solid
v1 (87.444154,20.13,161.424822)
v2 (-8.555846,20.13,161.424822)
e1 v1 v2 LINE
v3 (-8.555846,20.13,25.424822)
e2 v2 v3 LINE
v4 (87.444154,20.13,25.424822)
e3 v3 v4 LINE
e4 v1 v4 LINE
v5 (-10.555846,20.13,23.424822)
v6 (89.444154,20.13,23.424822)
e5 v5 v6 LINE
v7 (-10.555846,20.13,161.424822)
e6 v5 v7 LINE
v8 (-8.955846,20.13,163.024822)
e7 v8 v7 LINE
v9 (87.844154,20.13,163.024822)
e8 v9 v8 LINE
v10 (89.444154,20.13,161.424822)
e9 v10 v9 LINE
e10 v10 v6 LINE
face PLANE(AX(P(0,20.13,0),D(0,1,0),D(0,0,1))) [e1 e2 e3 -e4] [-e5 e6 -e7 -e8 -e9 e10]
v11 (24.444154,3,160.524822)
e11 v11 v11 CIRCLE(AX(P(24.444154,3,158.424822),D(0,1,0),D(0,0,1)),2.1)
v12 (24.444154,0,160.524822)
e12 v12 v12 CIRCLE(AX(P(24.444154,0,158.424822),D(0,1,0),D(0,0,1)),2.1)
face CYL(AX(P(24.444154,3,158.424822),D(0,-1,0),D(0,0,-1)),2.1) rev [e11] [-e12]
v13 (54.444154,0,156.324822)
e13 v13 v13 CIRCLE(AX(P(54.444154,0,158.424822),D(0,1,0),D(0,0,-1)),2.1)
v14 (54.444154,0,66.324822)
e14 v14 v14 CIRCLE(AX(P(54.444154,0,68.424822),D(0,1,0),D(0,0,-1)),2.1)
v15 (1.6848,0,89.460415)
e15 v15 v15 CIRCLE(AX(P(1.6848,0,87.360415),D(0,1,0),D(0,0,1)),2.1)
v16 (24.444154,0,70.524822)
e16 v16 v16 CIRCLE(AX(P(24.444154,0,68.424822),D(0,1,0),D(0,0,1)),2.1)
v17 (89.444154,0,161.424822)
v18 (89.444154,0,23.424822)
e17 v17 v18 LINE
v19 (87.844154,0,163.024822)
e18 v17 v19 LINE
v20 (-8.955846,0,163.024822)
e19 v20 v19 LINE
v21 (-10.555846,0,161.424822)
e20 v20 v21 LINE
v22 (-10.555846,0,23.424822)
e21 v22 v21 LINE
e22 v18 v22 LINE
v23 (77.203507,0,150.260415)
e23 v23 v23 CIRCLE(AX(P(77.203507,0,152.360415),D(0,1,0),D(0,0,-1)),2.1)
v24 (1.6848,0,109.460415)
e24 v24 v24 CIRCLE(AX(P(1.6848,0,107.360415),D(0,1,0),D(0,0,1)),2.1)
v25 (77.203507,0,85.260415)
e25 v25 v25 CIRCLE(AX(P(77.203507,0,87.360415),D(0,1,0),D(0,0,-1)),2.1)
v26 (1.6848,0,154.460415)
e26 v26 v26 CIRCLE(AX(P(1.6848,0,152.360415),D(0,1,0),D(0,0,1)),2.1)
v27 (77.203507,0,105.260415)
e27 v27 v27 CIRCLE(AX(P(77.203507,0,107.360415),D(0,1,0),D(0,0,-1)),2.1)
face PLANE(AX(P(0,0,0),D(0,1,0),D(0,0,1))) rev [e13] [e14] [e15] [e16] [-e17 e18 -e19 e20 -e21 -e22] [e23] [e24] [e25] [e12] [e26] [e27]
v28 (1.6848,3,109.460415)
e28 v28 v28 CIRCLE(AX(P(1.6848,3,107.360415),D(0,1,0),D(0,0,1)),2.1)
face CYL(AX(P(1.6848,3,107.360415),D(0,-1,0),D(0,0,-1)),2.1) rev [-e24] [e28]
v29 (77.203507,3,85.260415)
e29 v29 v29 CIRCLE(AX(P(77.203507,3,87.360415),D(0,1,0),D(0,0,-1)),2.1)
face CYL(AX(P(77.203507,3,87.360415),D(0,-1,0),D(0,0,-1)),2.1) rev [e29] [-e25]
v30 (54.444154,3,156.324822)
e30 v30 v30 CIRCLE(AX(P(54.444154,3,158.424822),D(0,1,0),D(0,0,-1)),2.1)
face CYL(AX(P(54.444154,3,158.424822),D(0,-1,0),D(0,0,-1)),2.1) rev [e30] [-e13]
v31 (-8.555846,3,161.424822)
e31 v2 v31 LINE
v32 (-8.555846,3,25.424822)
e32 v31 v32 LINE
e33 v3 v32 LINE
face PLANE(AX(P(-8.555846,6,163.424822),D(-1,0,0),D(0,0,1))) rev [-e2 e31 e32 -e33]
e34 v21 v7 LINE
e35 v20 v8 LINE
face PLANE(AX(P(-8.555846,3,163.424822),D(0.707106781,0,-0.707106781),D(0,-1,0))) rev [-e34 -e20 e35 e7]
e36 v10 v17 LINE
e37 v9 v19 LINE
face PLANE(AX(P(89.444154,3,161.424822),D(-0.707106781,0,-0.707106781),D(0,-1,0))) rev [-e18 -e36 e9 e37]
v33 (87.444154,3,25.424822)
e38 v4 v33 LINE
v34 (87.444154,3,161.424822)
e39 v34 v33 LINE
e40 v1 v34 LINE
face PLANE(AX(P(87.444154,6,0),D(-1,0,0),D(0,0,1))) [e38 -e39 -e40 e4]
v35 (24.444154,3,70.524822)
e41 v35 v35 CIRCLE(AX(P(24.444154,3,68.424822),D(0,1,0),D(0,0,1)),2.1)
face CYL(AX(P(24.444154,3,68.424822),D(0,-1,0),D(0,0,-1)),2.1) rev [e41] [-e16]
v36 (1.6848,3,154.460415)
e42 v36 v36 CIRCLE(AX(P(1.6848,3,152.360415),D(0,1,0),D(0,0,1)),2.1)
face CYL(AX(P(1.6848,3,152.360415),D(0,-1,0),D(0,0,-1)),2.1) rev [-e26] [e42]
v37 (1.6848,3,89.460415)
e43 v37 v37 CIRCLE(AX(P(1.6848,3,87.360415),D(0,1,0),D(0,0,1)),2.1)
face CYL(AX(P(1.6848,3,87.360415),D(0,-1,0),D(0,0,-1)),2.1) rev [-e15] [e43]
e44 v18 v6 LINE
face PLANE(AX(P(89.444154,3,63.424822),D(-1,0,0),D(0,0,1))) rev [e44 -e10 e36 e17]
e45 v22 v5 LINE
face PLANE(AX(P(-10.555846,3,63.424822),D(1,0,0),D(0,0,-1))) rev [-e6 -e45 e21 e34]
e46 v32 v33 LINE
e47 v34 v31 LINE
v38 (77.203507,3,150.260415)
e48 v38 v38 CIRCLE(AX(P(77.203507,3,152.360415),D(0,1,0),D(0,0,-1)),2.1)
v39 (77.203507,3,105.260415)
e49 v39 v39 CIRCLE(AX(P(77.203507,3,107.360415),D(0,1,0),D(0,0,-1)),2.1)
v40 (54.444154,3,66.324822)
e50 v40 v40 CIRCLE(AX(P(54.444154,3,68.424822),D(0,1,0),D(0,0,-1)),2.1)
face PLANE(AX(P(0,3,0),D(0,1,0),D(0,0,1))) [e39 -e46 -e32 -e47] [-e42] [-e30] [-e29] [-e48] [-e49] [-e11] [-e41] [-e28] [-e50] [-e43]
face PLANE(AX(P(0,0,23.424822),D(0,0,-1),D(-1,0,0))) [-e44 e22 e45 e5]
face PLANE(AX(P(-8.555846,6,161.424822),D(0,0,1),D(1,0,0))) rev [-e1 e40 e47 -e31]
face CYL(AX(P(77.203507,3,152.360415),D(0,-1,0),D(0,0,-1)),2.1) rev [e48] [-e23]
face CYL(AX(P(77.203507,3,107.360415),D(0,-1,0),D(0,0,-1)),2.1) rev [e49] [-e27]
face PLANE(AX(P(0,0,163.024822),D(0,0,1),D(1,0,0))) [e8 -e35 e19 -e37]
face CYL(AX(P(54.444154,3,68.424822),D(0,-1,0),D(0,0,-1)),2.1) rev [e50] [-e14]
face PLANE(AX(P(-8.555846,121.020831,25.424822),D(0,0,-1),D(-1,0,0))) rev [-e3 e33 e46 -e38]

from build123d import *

# Parameters (mm, degrees)
SKETCH6_W            = 100
SKETCH6_H            = 100
SKETCH6_R            = 2.1
BOSS_EXTRUDE2_DEPTH  = 3
SKETCH7_W            = 96
SKETCH7_H            = 2
BOSS_EXTRUDE3_DEPTH  = 3
SKETCH8_W            = 96
SKETCH8_H            = 2
BOSS_EXTRUDE4_DEPTH  = 3
CHAMFER1_SIZE        = 2
BOSS_EXTRUDE5_DEPTH  = 3
SKETCH10_W           = 98
SKETCH10_H           = 25
BOSS_EXTRUDE6_DEPTH  = 2
SKETCH11_W           = 2
SKETCH11_H           = 25
BOSS_EXTRUDE7_DEPTH  = 40
SKETCH12_W           = 138
SKETCH12_H           = 25
BOSS_EXTRUDE8_DEPTH  = 2
CUT_EXTRUDE1_DEPTH   = 3
SKETCH15_W           = 96
SKETCH15_H           = 6.337470387
CUT_EXTRUDE2_DEPTH   = 3
SKETCH16_W           = 96
SKETCH16_H           = 3
BOSS_EXTRUDE9_DEPTH  = 40
SKETCH17_W           = 96
SKETCH17_H           = 2
BOSS_EXTRUDE10_DEPTH = 22
BOSS_EXTRUDE11_DEPTH = 19
SKETCH19_W           = 108.527729828
SKETCH19_H           = 34.099347136
CUT_EXTRUDE3_DEPTH   = 0.4
SKETCH20_W           = 119.4554648
SKETCH20_H           = 149.467416286
CUT_EXTRUDE4_DEPTH   = 4.87


with BuildPart() as part:
    # Sketch6 → Boss-Extrude2 (new body)
    with BuildSketch(Plane(origin=(0, 0, 0), x_dir=(1, 0, 0), z_dir=(0, 1, 0))):
        with Locations((39.444153985, -113.424821635)):
            Rectangle(SKETCH6_W, SKETCH6_H)
        with Locations((1.68480047, -87.360414745)):
            Circle(SKETCH6_R, mode=Mode.SUBTRACT)
        with Locations((1.68480047, -107.360414745)):
            Circle(SKETCH6_R, mode=Mode.SUBTRACT)
        with Locations((1.68480047, -152.360414745)):
            Circle(SKETCH6_R, mode=Mode.SUBTRACT)
        with Locations((24.444153985, -158.424821635)):
            Circle(SKETCH6_R, mode=Mode.SUBTRACT)
        with Locations((24.444153985, -68.424821635)):
            Circle(SKETCH6_R, mode=Mode.SUBTRACT)
        with Locations((54.444153985, -158.424821635)):
            Circle(SKETCH6_R, mode=Mode.SUBTRACT)
        with Locations((77.2035075, -152.360414745)):
            Circle(SKETCH6_R, mode=Mode.SUBTRACT)
        with Locations((77.2035075, -107.360414745)):
            Circle(SKETCH6_R, mode=Mode.SUBTRACT)
        with Locations((77.2035075, -87.360414745)):
            Circle(SKETCH6_R, mode=Mode.SUBTRACT)
        with Locations((54.444153985, -68.424821635)):
            Circle(SKETCH6_R, mode=Mode.SUBTRACT)
    extrude(amount=BOSS_EXTRUDE2_DEPTH)

    # Sketch7 → Boss-Extrude3 (add)
    with BuildSketch(Plane(origin=(0, 3, 0), x_dir=(1, 0, 0), z_dir=(0, 1, 0))):
        Polygon((-10.555846015, -63.424821635), (-10.555846015, -163.424821635), (-8.555846015, -163.424821635), (-8.555846015, -65.424821635), (-8.555846015, -63.424821635), align=None)
        with Locations((39.444153985, -64.424821635)):
            Rectangle(SKETCH7_W, SKETCH7_H)
        Polygon((87.444153985, -63.424821635), (87.444153985, -65.424821635), (87.444153985, -163.424821635), (89.444153985, -163.424821635), (89.444153985, -63.424821635), align=None)
    extrude(amount=BOSS_EXTRUDE3_DEPTH)

    # Sketch8 → Boss-Extrude4 (add)
    with BuildSketch(Plane(origin=(0, 3, 0), x_dir=(1, 0, 0), z_dir=(0, 1, 0))):
        with Locations((39.444153985, -162.424821635)):
            Rectangle(SKETCH8_W, SKETCH8_H)
    extrude(amount=BOSS_EXTRUDE4_DEPTH)

    # Chamfer1
    chamfer1_edges = [part.edges().sort_by_distance(p)[0] for p in [
        (-10.555846015, 3, 63.424821635),
        (89.444153985, 3, 63.424821635),
        (89.444153985, 3, 163.424821635),
        (-10.555846015, 3, 163.424821635),
    ]]
    chamfer(chamfer1_edges, length=CHAMFER1_SIZE)

    # Sketch9 → Boss-Extrude5 (add)
    with BuildSketch(Plane(origin=(0, 3, 0), x_dir=(1, 0, 0), z_dir=(0, 1, 0))):
        Polygon((-6.555846015, -65.424821635), (-8.555846015, -67.424821635), (-8.555846015, -65.424821635), align=None)
        Polygon((87.444153985, -67.424821635), (87.444153985, -65.424821635), (85.444153985, -65.424821635), align=None)
        Polygon((85.444153985, -161.424821635), (87.444153985, -159.424821635), (87.444153985, -161.424821635), align=None)
        Polygon((-8.555846015, -159.424821635), (-8.555846015, -161.424821635), (-6.555846015, -161.424821635), align=None)
    extrude(amount=BOSS_EXTRUDE5_DEPTH)

    # Sketch10 → Boss-Extrude6 (add)
    with BuildSketch(Plane.ZY.offset(10.555846015)):
        with Locations((112.424821635, 12.5)):
            Rectangle(SKETCH10_W, SKETCH10_H)
    extrude(amount=-BOSS_EXTRUDE6_DEPTH)

    # Sketch11 → Boss-Extrude7 (add)
    with BuildSketch(Plane(origin=(0, 0, 63.424821635), x_dir=(-1, 0, 0), z_dir=(0, 0, -1))):
        with Locations((9.555846015, 12.5)):
            Rectangle(SKETCH11_W, SKETCH11_H)
    extrude(amount=BOSS_EXTRUDE7_DEPTH)

    # Sketch12 → Boss-Extrude8 (add)
    with BuildSketch(Plane(origin=(89.444153985, 0, 0), x_dir=(0, 0, -1), z_dir=(1, 0, 0))):
        with Locations((-92.424821635, 12.5)):
            Rectangle(SKETCH12_W, SKETCH12_H)
    extrude(amount=-BOSS_EXTRUDE8_DEPTH)

    # Sketch13 → Cut-Extrude1 (cut)
    with BuildSketch(Plane(origin=(0, 6, 0), x_dir=(1, 0, 0), z_dir=(0, 1, 0))):
        Polygon((-8.555846015, -161.424821635), (-6.555846015, -161.424821635), (-8.555846015, -159.424821635), align=None)
        Polygon((85.444153985, -161.424821635), (87.444153985, -161.424821635), (87.444153985, -159.424821635), align=None)
    extrude(amount=-CUT_EXTRUDE1_DEPTH, mode=Mode.SUBTRACT)

    # Sketch15 → Cut-Extrude2 (cut)
    with BuildSketch(Plane(origin=(0, 6, 0), x_dir=(1, 0, 0), z_dir=(0, 1, 0))):
        with Locations((39.444153985, -66.593556828)):
            Rectangle(SKETCH15_W, SKETCH15_H)
    extrude(amount=-CUT_EXTRUDE2_DEPTH, mode=Mode.SUBTRACT)

    # Sketch16 → Boss-Extrude9 (add)
    with BuildSketch(Plane(origin=(0, 0, 63.424821635), x_dir=(-1, 0, 0), z_dir=(0, 0, -1))):
        with Locations((-39.444153985, 1.5)):
            Rectangle(SKETCH16_W, SKETCH16_H)
    extrude(amount=BOSS_EXTRUDE9_DEPTH)

    # Sketch17 → Boss-Extrude10 (add)
    with BuildSketch(Plane(origin=(0, 3, 0), x_dir=(1, 0, 0), z_dir=(0, 1, 0))):
        with Locations((39.444153985, -24.424821635)):
            Rectangle(SKETCH17_W, SKETCH17_H)
    extrude(amount=BOSS_EXTRUDE10_DEPTH)

    # Sketch18 → Boss-Extrude11 (add)
    with BuildSketch(Plane(origin=(0, 6, 0), x_dir=(1, 0, 0), z_dir=(0, 1, 0))):
        Polygon((-10.555846015, -161.424821635), (-8.555846015, -163.424821635), (87.444153985, -163.424821635), (89.444153985, -161.424821635), align=None)
    extrude(amount=BOSS_EXTRUDE11_DEPTH)

    # Sketch19 → Cut-Extrude3 (cut)
    with BuildSketch(Plane.XY.offset(163.424821635)):
        with Locations((38.077994244, 12.109002602)):
            Rectangle(SKETCH19_W, SKETCH19_H)
    extrude(amount=-CUT_EXTRUDE3_DEPTH, mode=Mode.SUBTRACT)

    # Sketch20 → Cut-Extrude4 (cut)
    with BuildSketch(Plane(origin=(0, 25, 0), x_dir=(1, 0, 0), z_dir=(0, 1, 0))):
        with Locations((42.445417515, -94.60695098)):
            Rectangle(SKETCH20_W, SKETCH20_H)
    extrude(amount=-CUT_EXTRUDE4_DEPTH, mode=Mode.SUBTRACT)


solid = part.part
